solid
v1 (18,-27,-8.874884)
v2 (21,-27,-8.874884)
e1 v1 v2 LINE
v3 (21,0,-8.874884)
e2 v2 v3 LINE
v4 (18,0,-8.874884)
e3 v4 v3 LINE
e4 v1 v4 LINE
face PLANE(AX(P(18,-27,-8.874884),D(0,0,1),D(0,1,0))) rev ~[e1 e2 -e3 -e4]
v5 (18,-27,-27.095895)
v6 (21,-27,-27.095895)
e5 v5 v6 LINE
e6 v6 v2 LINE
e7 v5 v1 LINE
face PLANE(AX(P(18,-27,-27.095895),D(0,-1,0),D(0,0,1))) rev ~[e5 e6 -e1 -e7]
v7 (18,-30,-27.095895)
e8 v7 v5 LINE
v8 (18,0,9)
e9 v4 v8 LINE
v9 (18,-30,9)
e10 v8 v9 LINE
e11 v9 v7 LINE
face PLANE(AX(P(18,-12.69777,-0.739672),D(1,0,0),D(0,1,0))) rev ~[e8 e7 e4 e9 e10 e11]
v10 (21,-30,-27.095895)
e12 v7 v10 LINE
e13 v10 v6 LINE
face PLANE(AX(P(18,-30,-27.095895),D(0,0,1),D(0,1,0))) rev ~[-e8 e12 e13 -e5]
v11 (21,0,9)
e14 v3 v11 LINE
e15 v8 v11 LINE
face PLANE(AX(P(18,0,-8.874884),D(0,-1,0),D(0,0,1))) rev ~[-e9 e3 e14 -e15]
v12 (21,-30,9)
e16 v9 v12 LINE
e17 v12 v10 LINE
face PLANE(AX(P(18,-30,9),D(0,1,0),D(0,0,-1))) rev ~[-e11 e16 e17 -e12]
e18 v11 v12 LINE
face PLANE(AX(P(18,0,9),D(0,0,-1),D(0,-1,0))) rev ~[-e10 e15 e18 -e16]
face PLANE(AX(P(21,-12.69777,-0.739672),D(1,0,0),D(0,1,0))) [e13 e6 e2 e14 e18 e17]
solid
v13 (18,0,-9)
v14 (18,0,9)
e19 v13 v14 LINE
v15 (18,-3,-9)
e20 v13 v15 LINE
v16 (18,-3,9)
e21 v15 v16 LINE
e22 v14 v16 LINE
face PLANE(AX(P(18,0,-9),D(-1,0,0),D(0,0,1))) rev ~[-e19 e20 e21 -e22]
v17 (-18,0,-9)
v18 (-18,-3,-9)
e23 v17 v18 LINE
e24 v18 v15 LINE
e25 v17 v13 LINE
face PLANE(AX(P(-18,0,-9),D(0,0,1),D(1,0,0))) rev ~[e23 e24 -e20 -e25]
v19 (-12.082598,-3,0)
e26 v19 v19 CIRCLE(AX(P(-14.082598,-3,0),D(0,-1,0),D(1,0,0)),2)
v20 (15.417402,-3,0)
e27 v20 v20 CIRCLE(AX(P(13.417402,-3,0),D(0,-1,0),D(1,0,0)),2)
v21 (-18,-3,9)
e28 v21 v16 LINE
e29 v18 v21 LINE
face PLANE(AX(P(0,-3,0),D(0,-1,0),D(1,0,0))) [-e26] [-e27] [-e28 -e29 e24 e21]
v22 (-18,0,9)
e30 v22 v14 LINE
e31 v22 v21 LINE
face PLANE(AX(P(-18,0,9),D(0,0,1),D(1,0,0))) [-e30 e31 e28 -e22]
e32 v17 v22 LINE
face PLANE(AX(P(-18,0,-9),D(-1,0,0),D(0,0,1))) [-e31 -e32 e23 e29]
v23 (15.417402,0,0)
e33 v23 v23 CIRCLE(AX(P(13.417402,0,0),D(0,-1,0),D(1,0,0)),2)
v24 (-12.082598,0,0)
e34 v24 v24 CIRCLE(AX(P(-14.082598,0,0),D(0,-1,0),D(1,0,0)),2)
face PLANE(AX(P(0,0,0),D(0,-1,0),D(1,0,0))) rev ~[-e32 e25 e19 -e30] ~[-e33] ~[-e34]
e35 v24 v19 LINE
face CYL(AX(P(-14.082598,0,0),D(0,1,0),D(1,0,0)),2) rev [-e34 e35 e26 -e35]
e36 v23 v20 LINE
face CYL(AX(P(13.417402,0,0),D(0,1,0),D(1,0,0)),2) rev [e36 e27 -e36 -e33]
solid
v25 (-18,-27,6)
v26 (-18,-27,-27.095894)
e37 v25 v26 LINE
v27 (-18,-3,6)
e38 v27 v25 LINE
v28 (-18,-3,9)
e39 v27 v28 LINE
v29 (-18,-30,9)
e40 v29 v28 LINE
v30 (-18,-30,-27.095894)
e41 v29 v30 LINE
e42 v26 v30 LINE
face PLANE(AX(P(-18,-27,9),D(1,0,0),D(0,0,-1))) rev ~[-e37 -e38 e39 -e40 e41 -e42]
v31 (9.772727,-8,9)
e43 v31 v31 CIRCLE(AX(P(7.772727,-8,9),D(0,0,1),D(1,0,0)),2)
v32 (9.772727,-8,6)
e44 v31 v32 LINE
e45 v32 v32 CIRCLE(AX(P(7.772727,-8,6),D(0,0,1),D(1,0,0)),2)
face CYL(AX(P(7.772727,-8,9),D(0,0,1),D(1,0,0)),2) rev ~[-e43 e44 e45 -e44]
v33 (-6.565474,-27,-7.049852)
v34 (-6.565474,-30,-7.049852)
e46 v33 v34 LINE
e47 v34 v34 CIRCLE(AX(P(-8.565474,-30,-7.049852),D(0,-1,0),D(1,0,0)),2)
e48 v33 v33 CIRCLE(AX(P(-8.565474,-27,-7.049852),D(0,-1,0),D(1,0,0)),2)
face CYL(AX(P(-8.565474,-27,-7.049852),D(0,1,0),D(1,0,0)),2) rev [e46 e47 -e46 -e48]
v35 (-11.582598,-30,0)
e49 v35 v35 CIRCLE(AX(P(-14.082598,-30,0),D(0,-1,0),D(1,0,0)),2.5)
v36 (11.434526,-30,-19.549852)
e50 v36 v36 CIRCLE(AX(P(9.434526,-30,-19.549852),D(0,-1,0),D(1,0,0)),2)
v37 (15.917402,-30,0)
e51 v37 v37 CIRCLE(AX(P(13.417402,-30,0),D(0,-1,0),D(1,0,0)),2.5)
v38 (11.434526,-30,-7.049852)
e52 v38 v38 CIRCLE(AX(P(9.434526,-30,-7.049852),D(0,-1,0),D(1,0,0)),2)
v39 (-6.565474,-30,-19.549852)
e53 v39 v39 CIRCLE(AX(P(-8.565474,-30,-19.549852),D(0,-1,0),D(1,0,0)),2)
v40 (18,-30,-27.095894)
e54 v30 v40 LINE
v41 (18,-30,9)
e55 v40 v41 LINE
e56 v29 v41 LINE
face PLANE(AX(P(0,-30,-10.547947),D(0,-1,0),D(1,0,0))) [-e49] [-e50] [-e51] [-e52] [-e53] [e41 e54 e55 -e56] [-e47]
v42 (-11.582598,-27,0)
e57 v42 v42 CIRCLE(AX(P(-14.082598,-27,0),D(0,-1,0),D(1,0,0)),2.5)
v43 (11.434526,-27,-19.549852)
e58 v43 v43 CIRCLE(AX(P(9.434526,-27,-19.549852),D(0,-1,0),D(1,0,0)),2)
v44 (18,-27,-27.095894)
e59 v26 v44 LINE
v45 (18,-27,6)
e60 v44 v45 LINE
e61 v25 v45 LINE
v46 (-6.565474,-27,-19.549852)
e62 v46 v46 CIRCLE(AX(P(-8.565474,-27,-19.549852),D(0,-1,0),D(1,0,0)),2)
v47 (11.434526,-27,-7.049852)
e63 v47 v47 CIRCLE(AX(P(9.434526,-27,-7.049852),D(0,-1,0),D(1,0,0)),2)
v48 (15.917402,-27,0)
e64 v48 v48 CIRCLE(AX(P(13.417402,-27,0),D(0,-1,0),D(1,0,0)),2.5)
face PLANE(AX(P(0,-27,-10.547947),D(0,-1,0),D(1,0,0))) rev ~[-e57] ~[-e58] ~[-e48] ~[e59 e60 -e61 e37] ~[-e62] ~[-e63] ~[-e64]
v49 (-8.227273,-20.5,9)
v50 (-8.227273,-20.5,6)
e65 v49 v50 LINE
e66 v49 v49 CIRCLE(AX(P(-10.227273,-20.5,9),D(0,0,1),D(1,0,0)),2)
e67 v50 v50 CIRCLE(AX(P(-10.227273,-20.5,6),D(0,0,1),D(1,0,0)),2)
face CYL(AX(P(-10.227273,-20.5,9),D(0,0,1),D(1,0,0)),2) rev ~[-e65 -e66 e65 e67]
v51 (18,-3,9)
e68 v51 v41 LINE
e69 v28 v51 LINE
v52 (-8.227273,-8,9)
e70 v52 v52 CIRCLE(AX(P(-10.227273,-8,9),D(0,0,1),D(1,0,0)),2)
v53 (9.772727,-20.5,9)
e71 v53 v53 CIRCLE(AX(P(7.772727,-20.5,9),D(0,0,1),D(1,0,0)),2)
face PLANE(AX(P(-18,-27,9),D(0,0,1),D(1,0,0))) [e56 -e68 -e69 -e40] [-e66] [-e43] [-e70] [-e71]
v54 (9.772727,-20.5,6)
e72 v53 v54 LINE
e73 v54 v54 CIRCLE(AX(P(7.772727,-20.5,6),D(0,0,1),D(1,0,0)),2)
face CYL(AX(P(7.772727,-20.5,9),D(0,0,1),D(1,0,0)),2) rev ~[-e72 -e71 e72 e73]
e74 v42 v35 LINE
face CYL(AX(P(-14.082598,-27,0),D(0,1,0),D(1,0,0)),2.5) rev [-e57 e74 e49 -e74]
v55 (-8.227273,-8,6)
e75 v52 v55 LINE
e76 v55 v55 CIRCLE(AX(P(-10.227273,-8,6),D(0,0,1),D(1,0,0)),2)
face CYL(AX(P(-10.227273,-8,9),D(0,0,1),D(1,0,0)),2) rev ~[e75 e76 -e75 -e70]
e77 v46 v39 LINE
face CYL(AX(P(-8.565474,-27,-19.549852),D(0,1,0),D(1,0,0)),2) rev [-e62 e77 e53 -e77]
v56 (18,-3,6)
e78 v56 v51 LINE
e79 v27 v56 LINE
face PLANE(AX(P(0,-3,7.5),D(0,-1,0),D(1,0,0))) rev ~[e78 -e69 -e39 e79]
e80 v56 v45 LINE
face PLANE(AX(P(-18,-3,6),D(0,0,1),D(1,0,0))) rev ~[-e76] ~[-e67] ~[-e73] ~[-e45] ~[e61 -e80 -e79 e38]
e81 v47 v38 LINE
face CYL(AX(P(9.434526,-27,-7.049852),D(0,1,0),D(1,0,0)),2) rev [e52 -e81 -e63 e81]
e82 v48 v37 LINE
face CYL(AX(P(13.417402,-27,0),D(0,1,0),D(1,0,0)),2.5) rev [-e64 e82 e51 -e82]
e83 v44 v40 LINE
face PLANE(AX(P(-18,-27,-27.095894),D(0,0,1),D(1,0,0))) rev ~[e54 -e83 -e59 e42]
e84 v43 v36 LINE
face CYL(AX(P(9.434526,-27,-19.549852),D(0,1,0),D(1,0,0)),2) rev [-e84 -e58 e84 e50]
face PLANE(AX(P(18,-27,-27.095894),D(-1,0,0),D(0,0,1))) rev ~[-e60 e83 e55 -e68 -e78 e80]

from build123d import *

# Parameters (mm, degrees)
F0_W     = 36
F0_H     = 18
F0_R     = 2
F1_DEPTH = 3
F2_W     = 36
F2_H     = 3
F3_DEPTH = 24
F4_R     = 2
F5_DEPTH = 25
F6_W     = 36
F6_H     = 33.095895
F6_R     = 2
F6_R_2   = 2.5
F6_H_2   = 3
F7_DEPTH = 3
F9_DEPTH = 3


with BuildPart() as f1:
    # F0 (on Front) → F1 (new body)
    with BuildSketch(Plane.XZ):
        Rectangle(F0_W, F0_H)
        with Locations((-14.082598, 0)):
            Circle(F0_R, mode=Mode.SUBTRACT)
        with Locations((13.417402, 0)):
            Circle(F0_R, mode=Mode.SUBTRACT)
    extrude(amount=F1_DEPTH)


with BuildPart() as f3:
    # F2 (on face) → F3 (new body)
    with BuildSketch(Plane.XZ.offset(3)):
        with Locations((0, 7.5)):
            Rectangle(F2_W, F2_H)
    extrude(amount=F3_DEPTH)

    # F4 (on face) → F5 (cut)
    with BuildSketch(Plane.XY.offset(9)):
        with Locations((-10.227273, -8)):
            Circle(F4_R)
        with Locations((-10.227273, -20.5)):
            Circle(F4_R)
        with Locations((7.772727, -20.5)):
            Circle(F4_R)
        with Locations((7.772727, -8)):
            Circle(F4_R)
    extrude(amount=-F5_DEPTH, mode=Mode.SUBTRACT)

    # F6 (on face) → F7 (join)
    with BuildSketch(Plane.XZ.offset(27)):
        with Locations((0, -10.547947)):
            Rectangle(F6_W, F6_H)
        with Locations((-8.565474, -19.549852)):
            Circle(F6_R, mode=Mode.SUBTRACT)
        with Locations((9.434526, -19.549852)):
            Circle(F6_R, mode=Mode.SUBTRACT)
        with Locations((-8.565474, -7.049852)):
            Circle(F6_R, mode=Mode.SUBTRACT)
        with Locations((-14.082598, 0)):
            Circle(F6_R_2, mode=Mode.SUBTRACT)
        with Locations((9.434526, -7.049852)):
            Circle(F6_R, mode=Mode.SUBTRACT)
        with Locations((13.417402, 0)):
            Circle(F6_R_2, mode=Mode.SUBTRACT)
        with Locations((0, 7.5)):
            Rectangle(F6_W, F6_H_2)
    extrude(amount=F7_DEPTH)


with BuildPart() as f9:
    # F8 (on face) → F9 (new body)
    with BuildSketch(Plane.YZ.offset(18)):
        Polygon((0, 9), (-3, 9), (-3, 6), (-27, 6), (-27, -8.874884), (-3, -8.874884), (0, -8.874884), align=None)
        Polygon((-30, 9), (-30, -27.095895), (-27, -27.095895), (-27, -8.874884), (-27, 6), (-3, 6), (-3, 9), align=None)
    extrude(amount=F9_DEPTH)


solid = Compound([f1.part, f3.part, f9.part])
